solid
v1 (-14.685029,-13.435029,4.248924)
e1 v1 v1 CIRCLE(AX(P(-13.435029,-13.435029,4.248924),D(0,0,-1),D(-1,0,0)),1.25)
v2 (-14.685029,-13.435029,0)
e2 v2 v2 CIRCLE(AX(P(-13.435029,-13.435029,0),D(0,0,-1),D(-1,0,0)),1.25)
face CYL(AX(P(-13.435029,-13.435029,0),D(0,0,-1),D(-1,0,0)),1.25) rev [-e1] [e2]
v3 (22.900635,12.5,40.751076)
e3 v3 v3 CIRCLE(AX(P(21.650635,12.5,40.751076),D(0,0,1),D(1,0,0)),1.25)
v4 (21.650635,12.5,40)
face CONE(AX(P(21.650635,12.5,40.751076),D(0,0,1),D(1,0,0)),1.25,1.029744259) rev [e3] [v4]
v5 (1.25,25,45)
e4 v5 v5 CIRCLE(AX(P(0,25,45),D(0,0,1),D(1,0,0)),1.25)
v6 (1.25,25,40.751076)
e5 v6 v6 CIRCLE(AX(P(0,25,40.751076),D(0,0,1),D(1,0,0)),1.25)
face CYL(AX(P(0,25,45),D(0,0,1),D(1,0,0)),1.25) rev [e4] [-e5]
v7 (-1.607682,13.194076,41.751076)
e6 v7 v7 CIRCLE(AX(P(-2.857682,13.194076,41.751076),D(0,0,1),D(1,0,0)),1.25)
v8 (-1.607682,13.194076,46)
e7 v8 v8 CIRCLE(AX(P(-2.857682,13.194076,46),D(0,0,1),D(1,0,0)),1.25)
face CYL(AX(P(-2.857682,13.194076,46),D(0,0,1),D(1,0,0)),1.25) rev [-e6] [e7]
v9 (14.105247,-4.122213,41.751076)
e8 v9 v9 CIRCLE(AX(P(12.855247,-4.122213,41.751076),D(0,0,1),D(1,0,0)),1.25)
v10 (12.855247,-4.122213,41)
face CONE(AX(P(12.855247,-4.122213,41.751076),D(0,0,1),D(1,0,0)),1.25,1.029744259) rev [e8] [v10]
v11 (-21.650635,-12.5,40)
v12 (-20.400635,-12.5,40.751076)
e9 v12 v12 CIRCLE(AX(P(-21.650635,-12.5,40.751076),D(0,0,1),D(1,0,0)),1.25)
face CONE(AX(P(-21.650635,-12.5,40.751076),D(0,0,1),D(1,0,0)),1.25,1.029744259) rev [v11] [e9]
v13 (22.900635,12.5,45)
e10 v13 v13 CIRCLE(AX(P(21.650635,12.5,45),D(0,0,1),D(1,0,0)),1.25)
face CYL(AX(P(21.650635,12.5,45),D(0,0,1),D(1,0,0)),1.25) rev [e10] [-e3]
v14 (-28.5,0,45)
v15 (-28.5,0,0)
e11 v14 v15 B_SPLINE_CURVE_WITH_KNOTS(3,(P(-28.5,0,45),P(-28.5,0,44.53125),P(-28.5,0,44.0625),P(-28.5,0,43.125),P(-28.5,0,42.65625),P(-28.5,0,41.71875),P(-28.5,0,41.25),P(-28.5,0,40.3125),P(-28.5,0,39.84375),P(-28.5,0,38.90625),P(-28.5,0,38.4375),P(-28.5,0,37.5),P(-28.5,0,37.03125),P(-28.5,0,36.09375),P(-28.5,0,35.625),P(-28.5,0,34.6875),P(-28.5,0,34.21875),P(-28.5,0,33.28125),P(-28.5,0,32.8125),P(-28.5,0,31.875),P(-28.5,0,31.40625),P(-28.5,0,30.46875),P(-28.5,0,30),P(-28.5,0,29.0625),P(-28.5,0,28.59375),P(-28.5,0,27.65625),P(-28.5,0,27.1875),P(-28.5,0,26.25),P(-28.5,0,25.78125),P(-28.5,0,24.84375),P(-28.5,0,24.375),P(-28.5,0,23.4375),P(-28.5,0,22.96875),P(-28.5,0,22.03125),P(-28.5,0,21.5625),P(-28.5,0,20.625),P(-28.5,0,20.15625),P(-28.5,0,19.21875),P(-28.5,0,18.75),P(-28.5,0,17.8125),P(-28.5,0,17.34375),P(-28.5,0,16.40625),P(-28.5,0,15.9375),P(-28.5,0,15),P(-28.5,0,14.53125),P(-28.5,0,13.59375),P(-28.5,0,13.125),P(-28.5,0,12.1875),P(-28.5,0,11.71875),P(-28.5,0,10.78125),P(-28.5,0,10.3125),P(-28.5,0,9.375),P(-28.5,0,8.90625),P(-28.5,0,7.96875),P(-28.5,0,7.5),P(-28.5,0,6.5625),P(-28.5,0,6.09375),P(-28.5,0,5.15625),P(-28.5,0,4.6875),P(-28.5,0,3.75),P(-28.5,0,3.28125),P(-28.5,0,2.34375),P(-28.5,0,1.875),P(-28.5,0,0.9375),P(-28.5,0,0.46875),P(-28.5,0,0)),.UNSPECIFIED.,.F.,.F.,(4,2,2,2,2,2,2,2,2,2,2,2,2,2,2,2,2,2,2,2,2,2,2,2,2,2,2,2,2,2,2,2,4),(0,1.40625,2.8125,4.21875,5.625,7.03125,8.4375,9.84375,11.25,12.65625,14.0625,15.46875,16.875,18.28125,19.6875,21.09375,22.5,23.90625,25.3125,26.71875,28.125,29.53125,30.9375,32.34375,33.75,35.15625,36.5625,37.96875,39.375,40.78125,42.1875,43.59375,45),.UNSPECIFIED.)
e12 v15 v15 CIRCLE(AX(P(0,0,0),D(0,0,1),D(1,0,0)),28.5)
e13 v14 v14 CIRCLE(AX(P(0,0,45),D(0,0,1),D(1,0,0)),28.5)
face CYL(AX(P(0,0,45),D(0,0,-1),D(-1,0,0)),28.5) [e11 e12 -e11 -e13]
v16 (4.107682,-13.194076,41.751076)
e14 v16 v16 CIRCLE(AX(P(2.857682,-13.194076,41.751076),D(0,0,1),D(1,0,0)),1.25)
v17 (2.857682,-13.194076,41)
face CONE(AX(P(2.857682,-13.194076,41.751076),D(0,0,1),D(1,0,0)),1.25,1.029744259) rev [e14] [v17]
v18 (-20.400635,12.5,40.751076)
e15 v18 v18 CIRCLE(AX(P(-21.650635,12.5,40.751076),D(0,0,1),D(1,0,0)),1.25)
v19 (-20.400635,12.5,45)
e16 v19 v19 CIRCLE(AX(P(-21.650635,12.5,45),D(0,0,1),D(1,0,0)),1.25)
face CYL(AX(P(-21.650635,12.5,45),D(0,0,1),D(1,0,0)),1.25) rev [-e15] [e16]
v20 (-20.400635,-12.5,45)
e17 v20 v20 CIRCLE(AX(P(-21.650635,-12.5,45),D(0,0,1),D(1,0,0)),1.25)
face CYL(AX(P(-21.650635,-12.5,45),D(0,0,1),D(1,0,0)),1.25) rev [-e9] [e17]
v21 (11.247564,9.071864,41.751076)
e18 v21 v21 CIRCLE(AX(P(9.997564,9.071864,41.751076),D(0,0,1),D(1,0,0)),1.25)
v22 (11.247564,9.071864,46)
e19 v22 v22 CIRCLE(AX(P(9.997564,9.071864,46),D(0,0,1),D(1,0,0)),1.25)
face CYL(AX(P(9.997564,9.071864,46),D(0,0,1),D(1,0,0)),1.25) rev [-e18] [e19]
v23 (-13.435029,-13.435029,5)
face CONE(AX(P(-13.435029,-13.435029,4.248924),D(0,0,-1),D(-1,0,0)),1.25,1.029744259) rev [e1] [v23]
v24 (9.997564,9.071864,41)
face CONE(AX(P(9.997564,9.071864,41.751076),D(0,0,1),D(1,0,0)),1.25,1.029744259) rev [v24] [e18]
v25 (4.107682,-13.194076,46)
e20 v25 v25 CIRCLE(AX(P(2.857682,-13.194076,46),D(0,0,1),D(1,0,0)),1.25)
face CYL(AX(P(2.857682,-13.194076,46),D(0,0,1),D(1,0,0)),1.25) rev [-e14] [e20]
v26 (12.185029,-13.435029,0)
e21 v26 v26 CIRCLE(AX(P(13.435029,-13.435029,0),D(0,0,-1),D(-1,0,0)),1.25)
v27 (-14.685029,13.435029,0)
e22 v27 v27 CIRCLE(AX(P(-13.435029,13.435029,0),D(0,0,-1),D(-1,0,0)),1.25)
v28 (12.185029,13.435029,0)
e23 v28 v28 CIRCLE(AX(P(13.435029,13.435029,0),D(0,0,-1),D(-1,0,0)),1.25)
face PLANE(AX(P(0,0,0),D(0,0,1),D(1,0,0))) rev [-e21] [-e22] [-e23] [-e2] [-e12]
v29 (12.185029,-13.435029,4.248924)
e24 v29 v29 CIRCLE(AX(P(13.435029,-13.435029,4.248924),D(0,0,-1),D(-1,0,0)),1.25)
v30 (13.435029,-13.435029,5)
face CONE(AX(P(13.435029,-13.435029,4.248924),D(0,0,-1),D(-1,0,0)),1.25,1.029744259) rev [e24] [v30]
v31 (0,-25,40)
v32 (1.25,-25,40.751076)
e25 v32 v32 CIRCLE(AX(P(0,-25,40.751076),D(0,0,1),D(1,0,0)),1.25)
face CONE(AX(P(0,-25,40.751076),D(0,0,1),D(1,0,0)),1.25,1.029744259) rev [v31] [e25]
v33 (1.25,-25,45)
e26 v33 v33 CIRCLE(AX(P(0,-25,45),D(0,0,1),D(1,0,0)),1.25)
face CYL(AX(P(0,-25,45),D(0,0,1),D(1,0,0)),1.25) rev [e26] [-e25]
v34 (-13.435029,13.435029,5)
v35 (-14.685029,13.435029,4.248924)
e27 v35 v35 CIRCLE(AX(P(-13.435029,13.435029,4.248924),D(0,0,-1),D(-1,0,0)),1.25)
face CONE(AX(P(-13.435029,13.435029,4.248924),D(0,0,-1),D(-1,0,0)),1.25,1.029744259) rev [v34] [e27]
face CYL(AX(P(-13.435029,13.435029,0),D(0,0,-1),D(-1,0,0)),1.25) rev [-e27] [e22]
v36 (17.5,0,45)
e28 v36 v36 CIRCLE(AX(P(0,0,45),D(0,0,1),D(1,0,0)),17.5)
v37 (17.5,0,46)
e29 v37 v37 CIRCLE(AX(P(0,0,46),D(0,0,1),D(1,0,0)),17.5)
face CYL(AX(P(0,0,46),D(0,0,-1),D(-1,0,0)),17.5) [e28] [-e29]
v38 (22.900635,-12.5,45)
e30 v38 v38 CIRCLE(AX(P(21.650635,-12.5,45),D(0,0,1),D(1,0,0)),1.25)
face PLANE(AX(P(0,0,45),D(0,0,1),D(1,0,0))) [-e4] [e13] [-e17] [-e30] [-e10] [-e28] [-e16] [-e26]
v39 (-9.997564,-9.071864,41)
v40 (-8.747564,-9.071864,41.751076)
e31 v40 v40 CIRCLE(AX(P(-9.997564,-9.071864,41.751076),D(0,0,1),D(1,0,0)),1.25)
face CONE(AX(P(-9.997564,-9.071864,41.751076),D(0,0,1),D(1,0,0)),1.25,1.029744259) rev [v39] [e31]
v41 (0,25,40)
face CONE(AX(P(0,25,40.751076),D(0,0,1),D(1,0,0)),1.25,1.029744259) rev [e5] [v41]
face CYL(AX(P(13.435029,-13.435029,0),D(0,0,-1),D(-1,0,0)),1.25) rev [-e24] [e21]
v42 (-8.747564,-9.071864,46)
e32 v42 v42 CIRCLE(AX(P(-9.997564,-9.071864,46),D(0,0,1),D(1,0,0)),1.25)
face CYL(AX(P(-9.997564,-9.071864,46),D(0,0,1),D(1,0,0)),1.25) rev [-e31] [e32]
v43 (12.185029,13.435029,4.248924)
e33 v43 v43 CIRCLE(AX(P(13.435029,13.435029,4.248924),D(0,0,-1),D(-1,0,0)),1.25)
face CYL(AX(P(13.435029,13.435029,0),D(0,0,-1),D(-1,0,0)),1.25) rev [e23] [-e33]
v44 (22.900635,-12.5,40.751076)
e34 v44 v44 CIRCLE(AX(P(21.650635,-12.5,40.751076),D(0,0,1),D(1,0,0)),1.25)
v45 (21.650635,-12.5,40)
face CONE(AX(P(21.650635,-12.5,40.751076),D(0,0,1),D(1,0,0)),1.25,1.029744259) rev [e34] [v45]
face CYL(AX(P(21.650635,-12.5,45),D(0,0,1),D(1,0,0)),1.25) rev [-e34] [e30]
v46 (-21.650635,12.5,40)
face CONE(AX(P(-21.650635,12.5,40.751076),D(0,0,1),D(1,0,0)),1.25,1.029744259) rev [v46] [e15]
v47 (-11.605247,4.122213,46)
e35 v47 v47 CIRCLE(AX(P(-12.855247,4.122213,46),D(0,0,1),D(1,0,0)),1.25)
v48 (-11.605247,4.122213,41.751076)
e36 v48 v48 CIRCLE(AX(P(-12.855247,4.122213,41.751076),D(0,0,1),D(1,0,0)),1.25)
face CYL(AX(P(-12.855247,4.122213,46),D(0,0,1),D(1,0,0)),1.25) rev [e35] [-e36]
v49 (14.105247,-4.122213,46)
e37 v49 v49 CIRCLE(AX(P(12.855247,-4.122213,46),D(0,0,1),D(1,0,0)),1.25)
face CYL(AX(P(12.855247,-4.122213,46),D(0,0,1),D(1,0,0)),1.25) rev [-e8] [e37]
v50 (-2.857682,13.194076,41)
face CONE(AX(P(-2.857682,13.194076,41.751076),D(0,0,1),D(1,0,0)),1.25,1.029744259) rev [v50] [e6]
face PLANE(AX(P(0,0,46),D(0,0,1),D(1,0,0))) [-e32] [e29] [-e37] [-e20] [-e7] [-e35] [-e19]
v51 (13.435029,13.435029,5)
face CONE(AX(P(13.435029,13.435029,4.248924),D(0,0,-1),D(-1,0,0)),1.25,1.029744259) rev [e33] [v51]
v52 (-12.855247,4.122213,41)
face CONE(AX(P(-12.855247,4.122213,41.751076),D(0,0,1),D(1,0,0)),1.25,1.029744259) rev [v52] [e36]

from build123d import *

# Parameters (mm, degrees)
SKETCH_1_R      = 28.5
EXTRUDE_1_DEPTH = 45
SKETCH_2_R      = 17.5
EXTRUDE_2_DEPTH = 1
M3X0_5_1_D      = 2.5
M3X0_5_1_DEPTH  = 4.248924226
M3X0_5_1_TIP    = 0.751075774
M3X0_5_2_D      = 2.5
M3X0_5_2_DEPTH  = 4.248924226
M3X0_5_2_TIP    = 0.751075774
M3X0_5_3_D      = 2.5
M3X0_5_3_DEPTH  = 4.248924226
M3X0_5_3_TIP    = 0.751075774


with BuildPart() as part:
    # 草图1 → 凸台-拉伸1 (new body)
    with BuildSketch(Plane.XY):
        with Locations(Location((0, 0, 0), (0, 0, 180))):
            Circle(SKETCH_1_R)
    extrude(amount=EXTRUDE_1_DEPTH)

    # 草图2 → 凸台-拉伸2 (add)
    with BuildSketch(Plane.XY.offset(45)):
        Circle(SKETCH_2_R)
    extrude(amount=EXTRUDE_2_DEPTH)

    # M3x0.5 螺纹孔1
    with Locations(Plane(origin=(0, 25, 45), x_dir=(1, 0, 0), z_dir=(0, 0, 1))):
        with Locations((0, 0), (21.650635095, -12.5), (21.650635095, -37.5), (0, -50), (-21.650635095, -37.5), (-21.650635095, -12.5)):
            Hole(M3X0_5_1_D / 2, depth=M3X0_5_1_DEPTH)
            with Locations((0, 0, -(M3X0_5_1_DEPTH + M3X0_5_1_TIP / 2))):  # 118° drill point
                Cone(0, M3X0_5_1_D / 2, M3X0_5_1_TIP, mode=Mode.SUBTRACT)

    # M3x0.5 螺纹孔2
    with Locations(Plane(origin=(-2.857682397, 13.194076372, 46), x_dir=(1, 0, 0), z_dir=(0, 0, 1))):
        with Locations((0, 0), (12.855246516, -4.122212634), (15.712928913, -17.316289006), (5.715364794, -26.388152744), (-7.139881722, -22.26594011), (-9.997564119, -9.071863738)):
            Hole(M3X0_5_2_D / 2, depth=M3X0_5_2_DEPTH)
            with Locations((0, 0, -(M3X0_5_2_DEPTH + M3X0_5_2_TIP / 2))):  # 118° drill point
                Cone(0, M3X0_5_2_D / 2, M3X0_5_2_TIP, mode=Mode.SUBTRACT)

    # M3x0.5 螺纹孔3
    with Locations(Plane(origin=(13.435028843, 13.435028843, 0), x_dir=(-1, 0, 0), z_dir=(0, 0, -1))):
        with Locations((0, 0), (0, -26.870057686), (26.870057686, -26.870057686), (26.870057686, 0)):
            Hole(M3X0_5_3_D / 2, depth=M3X0_5_3_DEPTH)
            with Locations((0, 0, -(M3X0_5_3_DEPTH + M3X0_5_3_TIP / 2))):  # 118° drill point
                Cone(0, M3X0_5_3_D / 2, M3X0_5_3_TIP, mode=Mode.SUBTRACT)


solid = part.part
